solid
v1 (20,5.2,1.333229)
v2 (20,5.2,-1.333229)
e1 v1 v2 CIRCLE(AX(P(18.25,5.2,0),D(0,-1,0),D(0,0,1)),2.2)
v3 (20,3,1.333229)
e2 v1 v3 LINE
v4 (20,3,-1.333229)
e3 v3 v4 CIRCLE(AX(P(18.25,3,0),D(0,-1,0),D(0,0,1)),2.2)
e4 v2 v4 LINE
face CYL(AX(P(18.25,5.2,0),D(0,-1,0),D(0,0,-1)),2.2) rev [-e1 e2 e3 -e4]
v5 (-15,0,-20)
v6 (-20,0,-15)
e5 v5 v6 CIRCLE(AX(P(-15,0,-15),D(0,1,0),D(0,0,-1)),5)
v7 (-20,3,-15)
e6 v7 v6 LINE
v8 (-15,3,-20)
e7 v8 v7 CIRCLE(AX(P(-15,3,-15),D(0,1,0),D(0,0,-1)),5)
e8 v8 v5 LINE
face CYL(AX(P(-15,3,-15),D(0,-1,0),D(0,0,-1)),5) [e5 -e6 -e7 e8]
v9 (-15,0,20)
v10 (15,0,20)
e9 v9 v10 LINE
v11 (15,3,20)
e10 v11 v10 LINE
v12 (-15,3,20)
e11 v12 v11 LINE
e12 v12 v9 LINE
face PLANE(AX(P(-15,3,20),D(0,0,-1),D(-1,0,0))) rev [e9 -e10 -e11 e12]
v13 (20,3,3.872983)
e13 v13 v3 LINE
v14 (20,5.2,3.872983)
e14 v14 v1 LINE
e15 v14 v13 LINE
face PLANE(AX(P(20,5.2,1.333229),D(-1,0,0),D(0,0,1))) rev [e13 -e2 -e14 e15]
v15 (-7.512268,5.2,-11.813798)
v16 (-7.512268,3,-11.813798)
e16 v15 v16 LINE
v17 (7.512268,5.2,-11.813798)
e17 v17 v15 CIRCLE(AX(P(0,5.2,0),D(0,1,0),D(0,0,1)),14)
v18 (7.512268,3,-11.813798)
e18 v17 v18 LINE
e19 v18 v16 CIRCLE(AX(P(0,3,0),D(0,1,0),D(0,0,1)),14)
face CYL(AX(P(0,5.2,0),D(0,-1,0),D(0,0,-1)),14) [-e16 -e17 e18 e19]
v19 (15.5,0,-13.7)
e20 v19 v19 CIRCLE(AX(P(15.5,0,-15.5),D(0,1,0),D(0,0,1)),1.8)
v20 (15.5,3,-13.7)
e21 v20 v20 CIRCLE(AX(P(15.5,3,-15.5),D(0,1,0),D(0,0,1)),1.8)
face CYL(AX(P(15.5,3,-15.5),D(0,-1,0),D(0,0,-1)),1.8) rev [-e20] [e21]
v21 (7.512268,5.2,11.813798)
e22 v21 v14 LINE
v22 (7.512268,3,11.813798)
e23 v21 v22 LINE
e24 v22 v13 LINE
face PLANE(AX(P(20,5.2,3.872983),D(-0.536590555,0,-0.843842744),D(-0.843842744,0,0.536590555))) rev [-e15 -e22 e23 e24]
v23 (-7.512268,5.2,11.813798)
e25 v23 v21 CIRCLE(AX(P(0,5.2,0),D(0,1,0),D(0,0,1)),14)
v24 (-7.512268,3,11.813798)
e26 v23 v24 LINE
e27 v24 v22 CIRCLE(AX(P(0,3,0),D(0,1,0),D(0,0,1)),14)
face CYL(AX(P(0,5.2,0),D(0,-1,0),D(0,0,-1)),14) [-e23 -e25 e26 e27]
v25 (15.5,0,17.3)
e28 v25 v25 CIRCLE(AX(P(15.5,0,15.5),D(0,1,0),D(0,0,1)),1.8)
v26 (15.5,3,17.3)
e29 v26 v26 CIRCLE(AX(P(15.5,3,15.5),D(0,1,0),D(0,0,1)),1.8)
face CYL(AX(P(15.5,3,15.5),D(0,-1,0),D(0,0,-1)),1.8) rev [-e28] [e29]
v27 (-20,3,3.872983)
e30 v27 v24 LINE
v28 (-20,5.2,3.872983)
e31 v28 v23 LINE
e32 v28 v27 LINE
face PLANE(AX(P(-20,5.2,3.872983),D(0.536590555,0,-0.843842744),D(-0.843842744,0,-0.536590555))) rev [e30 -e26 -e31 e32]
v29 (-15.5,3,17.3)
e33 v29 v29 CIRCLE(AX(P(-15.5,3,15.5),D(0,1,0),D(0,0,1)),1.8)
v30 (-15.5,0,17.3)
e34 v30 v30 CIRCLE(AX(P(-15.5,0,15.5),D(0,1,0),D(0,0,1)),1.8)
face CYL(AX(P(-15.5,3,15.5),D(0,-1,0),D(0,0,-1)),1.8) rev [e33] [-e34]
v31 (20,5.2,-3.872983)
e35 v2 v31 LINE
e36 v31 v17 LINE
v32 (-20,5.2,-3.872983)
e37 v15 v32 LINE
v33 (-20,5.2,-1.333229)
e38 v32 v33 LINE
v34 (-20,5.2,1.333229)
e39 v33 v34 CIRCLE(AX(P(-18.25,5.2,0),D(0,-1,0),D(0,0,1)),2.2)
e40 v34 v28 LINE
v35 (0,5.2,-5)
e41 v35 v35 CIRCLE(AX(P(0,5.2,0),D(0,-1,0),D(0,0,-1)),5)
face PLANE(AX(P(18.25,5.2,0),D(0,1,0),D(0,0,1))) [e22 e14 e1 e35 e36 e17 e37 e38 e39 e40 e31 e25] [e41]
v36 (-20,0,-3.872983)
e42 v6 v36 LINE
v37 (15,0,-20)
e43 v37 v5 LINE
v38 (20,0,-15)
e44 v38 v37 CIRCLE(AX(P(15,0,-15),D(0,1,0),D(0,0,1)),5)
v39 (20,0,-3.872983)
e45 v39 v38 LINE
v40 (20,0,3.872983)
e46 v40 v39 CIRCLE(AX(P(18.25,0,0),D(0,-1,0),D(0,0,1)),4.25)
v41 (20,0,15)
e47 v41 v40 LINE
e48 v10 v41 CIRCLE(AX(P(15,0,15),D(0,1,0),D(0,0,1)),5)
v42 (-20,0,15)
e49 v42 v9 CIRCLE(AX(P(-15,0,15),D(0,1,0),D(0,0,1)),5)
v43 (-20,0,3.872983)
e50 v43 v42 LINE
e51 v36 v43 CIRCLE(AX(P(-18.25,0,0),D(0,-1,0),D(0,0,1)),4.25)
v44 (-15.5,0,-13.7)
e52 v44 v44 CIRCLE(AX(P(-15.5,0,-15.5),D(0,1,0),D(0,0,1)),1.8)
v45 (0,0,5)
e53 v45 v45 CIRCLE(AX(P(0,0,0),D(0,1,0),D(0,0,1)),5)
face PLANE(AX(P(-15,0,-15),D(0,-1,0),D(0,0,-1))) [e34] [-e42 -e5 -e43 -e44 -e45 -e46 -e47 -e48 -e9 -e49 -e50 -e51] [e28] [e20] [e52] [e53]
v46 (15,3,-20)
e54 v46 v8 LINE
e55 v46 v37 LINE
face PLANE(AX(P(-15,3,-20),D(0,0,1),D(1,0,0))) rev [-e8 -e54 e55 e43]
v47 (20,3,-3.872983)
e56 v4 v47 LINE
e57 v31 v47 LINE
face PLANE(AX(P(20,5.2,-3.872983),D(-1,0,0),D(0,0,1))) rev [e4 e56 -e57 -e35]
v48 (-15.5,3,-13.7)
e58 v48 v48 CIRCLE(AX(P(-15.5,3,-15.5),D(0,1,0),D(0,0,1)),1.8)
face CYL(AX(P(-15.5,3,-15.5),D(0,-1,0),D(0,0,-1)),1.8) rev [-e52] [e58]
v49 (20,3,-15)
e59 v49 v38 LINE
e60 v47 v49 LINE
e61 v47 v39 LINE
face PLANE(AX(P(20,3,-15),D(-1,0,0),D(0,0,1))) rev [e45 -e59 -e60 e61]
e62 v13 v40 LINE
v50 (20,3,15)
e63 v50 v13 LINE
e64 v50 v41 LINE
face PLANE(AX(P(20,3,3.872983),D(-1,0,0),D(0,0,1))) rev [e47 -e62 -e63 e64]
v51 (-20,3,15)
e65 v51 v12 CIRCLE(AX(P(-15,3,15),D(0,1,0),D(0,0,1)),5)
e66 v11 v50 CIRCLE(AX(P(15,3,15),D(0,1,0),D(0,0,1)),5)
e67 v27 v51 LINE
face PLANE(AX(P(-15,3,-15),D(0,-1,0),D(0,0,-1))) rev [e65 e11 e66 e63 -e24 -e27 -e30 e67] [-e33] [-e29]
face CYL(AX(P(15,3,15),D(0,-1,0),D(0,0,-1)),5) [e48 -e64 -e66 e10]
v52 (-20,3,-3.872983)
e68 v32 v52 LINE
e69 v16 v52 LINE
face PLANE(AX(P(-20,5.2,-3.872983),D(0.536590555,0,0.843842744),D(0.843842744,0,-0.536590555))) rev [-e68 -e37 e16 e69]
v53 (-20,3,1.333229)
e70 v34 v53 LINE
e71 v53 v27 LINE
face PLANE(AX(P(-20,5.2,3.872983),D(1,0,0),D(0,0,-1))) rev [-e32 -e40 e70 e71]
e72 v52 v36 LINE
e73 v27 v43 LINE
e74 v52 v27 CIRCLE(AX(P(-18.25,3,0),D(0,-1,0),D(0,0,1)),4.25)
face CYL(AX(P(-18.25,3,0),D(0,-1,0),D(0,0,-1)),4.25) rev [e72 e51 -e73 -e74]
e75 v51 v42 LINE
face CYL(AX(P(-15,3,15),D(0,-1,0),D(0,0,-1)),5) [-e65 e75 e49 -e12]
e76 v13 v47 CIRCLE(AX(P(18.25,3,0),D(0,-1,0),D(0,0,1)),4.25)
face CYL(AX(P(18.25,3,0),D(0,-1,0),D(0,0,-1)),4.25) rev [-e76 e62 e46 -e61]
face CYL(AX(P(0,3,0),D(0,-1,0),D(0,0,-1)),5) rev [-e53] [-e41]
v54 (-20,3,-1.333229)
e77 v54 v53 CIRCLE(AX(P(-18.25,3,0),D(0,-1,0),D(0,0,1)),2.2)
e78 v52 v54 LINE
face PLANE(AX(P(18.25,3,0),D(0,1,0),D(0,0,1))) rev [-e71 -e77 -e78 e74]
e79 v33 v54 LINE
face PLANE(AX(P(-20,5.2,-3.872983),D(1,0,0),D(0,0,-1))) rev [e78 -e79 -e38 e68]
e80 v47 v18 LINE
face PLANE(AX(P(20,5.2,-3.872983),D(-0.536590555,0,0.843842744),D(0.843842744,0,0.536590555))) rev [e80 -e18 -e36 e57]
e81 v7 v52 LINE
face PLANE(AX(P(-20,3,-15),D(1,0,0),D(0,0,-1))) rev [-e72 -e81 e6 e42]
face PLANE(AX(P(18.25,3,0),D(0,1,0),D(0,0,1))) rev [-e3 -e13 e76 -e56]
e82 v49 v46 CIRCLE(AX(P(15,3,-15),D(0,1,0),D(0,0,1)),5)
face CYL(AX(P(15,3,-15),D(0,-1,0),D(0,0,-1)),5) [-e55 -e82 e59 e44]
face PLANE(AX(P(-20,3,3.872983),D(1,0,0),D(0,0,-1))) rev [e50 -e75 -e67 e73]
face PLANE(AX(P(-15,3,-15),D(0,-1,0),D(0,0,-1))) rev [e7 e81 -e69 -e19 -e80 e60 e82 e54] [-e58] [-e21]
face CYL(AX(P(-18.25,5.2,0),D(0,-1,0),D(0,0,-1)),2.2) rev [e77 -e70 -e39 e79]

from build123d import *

# Parameters (mm, degrees)
SKETCH_1_R          = 1.8
SKETCH_1_R_2        = 5
EXTRUDE_1_DEPTH     = 3
EXTRUDE_2_DEPTH     = 2.2
SKETCH_3_R          = 5
CUT_EXTRUDE_1_DEPTH = 2.2


with BuildPart() as part:
    # 草图1 → 凸台-拉伸1 (new body)
    with BuildSketch(Plane(origin=(0, 0, 0), x_dir=(1, 0, 0), z_dir=(0, 1, 0))):
        with BuildLine():
            Line((20, -3.872983346), (20, -15))
            ThreePointArc((20, -15), (18.535533906, -18.535533906), (15, -20))
            Line((15, -20), (-15, -20))
            ThreePointArc((-15, -20), (-18.535533906, -18.535533906), (-20, -15))
            Line((-20, -15), (-20, -3.872983346))
            ThreePointArc((-20, -3.872983346), (-14, 0), (-20, 3.872983346))
            Line((-20, 3.872983346), (-20, 15))
            ThreePointArc((-20, 15), (-18.535533906, 18.535533906), (-15, 20))
            Line((-15, 20), (15, 20))
            ThreePointArc((15, 20), (18.535533906, 18.535533906), (20, 15))
            Line((20, 15), (20, 3.872983346))
            ThreePointArc((20, 3.872983346), (14, 0), (20, -3.872983346))
        make_face()
        with Locations((-15.5, 15.5)):
            Circle(SKETCH_1_R, mode=Mode.SUBTRACT)
        with Locations((15.5, 15.5)):
            Circle(SKETCH_1_R, mode=Mode.SUBTRACT)
        with Locations((-15.5, -15.5)):
            Circle(SKETCH_1_R, mode=Mode.SUBTRACT)
        with Locations((15.5, -15.5)):
            Circle(SKETCH_1_R, mode=Mode.SUBTRACT)
        Circle(SKETCH_1_R_2, mode=Mode.SUBTRACT)
    extrude(amount=EXTRUDE_1_DEPTH)

    # 草图2 → 凸台-拉伸2 (add)
    with BuildSketch(Plane(origin=(0, 3, 0), x_dir=(1, 0, 0), z_dir=(0, 1, 0))):
        with BuildLine():
            Line((-20, 3.872983346), (-7.512267775, 11.81379841))
            ThreePointArc((-7.512267775, 11.81379841), (0, 14), (7.512267775, 11.81379841))
            Line((7.512267775, 11.81379841), (20, 3.872983346))
            Line((20, 3.872983346), (20, 1.333229163))
            ThreePointArc((20, 1.333229163), (16.05, 0), (20, -1.333229163))
            Line((20, -1.333229163), (20, -3.872983346))
            Line((20, -3.872983346), (7.512267775, -11.81379841))
            ThreePointArc((7.512267775, -11.81379841), (0, -14), (-7.512267775, -11.81379841))
            Line((-7.512267775, -11.81379841), (-20, -3.872983346))
            Line((-20, -3.872983346), (-20, -1.333229163))
            ThreePointArc((-20, -1.333229163), (-16.05, 0), (-20, 1.333229163))
            Line((-20, 1.333229163), (-20, 3.872983346))
        make_face()
    extrude(amount=EXTRUDE_2_DEPTH)

    # 草图3 → 切除-拉伸1 (cut)
    with BuildSketch(Plane.XZ.offset(-3)):
        Circle(SKETCH_3_R)
    extrude(amount=-CUT_EXTRUDE_1_DEPTH, mode=Mode.SUBTRACT)


solid = part.part
